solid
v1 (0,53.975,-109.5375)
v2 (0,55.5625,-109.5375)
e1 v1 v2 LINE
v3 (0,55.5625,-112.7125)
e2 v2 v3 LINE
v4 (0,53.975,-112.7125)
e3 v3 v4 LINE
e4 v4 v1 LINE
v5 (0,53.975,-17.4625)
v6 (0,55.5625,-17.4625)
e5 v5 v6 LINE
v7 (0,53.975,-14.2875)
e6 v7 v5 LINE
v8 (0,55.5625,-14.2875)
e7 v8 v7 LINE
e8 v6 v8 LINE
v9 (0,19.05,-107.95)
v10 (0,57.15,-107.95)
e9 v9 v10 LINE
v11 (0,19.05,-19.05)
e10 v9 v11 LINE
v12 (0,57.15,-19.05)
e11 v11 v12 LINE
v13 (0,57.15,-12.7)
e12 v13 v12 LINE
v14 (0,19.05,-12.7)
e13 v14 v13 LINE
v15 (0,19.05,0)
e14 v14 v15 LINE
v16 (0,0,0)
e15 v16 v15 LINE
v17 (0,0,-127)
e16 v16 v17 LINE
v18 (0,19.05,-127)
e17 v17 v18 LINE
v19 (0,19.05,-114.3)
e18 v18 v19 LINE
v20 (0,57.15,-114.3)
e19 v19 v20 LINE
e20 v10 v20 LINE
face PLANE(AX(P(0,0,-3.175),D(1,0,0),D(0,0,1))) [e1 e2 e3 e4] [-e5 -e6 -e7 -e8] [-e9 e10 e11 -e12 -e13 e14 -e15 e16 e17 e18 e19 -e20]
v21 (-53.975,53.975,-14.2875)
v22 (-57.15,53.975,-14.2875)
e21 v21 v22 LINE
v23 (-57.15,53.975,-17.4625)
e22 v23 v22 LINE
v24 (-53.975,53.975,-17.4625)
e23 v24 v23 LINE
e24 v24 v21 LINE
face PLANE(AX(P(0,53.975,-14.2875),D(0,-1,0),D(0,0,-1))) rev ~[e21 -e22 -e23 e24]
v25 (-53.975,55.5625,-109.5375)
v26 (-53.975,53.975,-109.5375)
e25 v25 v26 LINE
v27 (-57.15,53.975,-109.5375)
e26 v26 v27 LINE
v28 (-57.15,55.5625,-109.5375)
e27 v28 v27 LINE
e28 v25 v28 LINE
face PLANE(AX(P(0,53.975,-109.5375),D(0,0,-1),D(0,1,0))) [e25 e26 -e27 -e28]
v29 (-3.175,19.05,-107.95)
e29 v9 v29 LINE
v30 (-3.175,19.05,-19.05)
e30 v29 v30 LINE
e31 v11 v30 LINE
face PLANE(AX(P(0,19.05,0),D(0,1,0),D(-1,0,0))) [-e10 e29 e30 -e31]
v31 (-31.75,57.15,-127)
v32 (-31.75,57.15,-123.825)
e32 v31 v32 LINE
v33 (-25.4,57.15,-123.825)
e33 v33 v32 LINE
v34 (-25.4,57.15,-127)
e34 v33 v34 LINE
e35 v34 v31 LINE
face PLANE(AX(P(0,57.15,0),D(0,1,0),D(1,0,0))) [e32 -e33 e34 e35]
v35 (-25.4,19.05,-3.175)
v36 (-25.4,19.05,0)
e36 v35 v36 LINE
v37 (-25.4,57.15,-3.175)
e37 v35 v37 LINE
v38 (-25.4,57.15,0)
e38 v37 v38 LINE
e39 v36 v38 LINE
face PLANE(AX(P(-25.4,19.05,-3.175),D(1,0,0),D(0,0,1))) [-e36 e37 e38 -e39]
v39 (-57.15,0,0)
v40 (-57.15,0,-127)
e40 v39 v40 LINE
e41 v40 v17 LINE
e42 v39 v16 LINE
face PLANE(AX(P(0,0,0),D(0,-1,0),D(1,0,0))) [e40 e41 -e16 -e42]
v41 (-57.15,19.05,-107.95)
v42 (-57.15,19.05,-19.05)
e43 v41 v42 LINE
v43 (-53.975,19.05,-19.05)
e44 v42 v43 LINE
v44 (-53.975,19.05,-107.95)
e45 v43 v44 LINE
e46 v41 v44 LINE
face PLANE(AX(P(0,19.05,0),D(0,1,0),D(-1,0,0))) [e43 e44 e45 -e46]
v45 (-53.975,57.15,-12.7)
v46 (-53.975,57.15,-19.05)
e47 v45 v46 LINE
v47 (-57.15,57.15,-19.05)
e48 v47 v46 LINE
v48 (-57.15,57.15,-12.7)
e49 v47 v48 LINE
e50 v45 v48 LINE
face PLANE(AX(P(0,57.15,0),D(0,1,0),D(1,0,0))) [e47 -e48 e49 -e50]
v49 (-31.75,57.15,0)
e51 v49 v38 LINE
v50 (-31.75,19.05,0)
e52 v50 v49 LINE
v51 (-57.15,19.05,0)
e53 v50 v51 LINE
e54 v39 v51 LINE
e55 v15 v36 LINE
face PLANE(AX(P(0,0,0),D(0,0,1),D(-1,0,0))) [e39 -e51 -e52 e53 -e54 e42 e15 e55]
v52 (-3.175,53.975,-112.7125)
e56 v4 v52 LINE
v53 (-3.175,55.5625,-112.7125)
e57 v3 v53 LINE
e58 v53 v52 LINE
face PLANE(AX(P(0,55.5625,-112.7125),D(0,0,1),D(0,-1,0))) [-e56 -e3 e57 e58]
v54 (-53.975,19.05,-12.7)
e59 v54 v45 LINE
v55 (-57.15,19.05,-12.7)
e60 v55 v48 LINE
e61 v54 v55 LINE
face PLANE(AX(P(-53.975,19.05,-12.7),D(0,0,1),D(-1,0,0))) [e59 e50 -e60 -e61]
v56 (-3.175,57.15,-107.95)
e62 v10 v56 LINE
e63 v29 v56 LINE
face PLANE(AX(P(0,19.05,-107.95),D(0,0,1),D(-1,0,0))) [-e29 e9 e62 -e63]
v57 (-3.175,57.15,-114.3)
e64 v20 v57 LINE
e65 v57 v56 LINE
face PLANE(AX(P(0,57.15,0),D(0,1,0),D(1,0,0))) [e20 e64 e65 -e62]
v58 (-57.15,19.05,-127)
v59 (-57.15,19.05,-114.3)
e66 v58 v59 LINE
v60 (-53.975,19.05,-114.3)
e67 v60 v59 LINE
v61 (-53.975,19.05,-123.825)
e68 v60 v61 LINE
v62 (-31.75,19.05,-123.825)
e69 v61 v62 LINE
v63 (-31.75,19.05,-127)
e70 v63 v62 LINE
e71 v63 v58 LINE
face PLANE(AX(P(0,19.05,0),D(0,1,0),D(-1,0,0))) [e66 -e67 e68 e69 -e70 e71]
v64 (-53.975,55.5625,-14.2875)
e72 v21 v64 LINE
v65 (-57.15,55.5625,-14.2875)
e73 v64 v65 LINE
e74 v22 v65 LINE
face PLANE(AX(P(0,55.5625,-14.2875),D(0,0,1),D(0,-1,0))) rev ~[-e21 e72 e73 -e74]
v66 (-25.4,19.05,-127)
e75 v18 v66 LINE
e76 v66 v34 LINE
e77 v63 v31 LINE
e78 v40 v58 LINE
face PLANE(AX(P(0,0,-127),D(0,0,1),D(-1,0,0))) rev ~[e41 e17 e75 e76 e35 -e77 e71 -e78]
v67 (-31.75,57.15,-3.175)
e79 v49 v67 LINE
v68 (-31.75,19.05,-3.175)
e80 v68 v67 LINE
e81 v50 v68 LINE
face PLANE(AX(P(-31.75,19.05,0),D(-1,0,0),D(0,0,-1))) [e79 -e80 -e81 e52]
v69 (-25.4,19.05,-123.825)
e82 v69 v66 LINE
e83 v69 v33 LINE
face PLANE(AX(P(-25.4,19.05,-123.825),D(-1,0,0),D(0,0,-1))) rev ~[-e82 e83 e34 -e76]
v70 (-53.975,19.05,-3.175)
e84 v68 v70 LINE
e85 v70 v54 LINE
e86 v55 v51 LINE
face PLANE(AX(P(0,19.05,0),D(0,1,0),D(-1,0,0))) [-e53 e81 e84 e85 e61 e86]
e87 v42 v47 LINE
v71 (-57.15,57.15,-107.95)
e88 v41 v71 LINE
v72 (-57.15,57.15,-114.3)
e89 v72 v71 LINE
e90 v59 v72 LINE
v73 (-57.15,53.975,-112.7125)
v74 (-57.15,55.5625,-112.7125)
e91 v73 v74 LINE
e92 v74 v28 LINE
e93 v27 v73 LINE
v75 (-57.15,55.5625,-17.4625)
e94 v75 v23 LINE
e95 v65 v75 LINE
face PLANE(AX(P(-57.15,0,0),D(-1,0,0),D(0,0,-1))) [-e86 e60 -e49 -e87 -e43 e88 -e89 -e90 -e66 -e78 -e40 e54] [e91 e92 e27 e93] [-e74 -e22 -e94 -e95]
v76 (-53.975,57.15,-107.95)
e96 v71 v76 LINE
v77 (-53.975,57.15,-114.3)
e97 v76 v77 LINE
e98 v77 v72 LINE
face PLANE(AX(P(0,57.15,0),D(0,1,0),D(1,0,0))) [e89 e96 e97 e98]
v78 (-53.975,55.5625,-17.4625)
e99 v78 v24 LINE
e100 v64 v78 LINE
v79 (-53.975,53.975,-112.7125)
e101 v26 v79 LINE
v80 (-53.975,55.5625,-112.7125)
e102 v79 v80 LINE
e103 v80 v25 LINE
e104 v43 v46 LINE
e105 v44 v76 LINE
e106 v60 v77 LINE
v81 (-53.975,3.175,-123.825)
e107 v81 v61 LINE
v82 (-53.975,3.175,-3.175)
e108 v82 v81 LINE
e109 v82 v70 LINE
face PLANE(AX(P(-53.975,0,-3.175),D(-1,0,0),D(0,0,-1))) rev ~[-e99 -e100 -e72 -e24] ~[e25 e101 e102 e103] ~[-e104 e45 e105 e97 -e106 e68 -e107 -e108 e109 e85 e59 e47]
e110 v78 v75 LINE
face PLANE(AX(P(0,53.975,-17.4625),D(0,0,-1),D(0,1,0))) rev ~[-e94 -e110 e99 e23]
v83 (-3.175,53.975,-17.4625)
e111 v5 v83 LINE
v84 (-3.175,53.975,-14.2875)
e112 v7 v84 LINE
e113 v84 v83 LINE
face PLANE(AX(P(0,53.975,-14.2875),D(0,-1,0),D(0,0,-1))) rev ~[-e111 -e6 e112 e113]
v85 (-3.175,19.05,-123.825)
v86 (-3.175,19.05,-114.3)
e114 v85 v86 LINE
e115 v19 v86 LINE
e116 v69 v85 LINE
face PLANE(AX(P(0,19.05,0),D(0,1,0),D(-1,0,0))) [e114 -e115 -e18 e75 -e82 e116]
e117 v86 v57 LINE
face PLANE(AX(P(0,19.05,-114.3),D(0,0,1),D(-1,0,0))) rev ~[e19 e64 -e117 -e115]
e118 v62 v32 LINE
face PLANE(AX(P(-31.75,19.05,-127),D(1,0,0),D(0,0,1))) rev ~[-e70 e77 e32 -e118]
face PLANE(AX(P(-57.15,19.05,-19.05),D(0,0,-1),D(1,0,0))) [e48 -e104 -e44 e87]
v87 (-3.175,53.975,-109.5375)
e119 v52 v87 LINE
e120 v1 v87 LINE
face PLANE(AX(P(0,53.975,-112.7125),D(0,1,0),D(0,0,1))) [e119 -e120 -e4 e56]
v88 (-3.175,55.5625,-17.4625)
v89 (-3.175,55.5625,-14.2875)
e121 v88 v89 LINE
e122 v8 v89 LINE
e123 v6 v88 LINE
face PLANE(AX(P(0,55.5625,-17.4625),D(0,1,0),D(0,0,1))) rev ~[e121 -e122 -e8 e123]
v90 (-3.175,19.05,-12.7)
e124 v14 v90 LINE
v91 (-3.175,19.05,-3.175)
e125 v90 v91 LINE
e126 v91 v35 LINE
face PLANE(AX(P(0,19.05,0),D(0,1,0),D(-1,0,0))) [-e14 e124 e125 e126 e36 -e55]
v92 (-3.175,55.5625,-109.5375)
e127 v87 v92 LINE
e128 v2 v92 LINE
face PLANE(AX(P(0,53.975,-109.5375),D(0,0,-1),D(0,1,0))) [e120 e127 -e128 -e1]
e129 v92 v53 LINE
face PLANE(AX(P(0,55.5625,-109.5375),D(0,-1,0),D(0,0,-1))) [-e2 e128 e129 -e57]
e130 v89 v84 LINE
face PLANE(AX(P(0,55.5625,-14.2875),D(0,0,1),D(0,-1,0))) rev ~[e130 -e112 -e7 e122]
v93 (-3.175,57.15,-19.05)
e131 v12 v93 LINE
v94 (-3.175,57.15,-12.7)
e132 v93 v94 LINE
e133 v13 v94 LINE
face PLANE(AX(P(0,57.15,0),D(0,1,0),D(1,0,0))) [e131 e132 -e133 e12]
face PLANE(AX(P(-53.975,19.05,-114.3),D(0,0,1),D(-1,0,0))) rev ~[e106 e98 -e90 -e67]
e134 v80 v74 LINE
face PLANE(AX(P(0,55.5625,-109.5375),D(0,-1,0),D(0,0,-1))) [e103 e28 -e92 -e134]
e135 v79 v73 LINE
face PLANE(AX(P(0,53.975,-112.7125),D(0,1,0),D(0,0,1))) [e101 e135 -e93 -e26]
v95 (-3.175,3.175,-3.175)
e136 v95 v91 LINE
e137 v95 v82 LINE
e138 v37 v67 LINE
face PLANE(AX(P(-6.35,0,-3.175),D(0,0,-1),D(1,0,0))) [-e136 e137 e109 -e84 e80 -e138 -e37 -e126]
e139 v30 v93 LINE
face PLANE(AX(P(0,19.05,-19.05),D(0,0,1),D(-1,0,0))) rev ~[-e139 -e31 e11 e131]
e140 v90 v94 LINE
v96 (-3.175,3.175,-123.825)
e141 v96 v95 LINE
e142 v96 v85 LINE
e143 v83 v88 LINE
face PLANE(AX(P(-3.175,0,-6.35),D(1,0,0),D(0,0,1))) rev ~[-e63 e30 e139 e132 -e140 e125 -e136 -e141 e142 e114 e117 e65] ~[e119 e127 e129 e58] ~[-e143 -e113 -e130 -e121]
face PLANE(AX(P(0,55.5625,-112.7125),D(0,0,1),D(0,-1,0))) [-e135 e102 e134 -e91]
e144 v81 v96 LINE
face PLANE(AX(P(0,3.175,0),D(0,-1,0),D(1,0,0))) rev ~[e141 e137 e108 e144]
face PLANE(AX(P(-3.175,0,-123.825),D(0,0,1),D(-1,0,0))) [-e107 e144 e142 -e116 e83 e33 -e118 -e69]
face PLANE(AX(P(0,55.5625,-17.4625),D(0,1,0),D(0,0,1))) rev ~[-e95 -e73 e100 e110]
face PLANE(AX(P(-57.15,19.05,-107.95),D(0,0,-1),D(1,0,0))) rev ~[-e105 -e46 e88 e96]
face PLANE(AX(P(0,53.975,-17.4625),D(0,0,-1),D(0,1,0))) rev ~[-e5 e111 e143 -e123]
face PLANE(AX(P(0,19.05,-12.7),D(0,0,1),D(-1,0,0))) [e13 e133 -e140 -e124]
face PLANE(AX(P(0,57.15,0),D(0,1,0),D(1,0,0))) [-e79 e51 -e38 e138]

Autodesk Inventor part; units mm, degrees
ref_plane "YZ Plane" through (0, 0, 0) normal (1, 0, 0) x (0, 1, 0)
ref_plane "XZ Plane" through (0, 0, 0) normal (0, 1, 0) x (-1, 0, 0)
ref_plane "XY Plane" through (0, 0, 0) normal (0, 0, 1) x (1, 0, 0)
sketch "Sketch1" plane through (0, 0, 0) normal (0, 1, 0) x (-1, 0, 0)
  line L0 (0, 0) -> (3.175, 0)
  line L1 (3.175, 0) -> (3.175, -3.175)
  line L2 (3.175, -3.175) -> (0, -3.175)
  line L3 (0, -3.175) -> (0, 0)
  line L4 (0, 0) -> (6.35, 0)
  line L5 (0, -6.35) -> (0, 0)
  line L6 (3.175, 0) -> (50.8, 0)
  line L7 (50.8, 0) -> (50.8, -3.175)
  line L8 (50.8, -3.175) -> (3.175, -3.175)
  line L9 (3.175, -3.175) -> (3.175, 0)
  line L10 (50.8, 0) -> (57.15, 0)
  line L11 (57.15, 0) -> (57.15, -6.35)
  line L12 (57.15, 0) -> (53.975, 0)
  line L13 (53.975, 0) -> (53.975, -3.175)
  line L14 (53.975, -3.175) -> (57.15, -3.175)
  line L15 (57.15, -3.175) -> (57.15, 0)
  line L16 (53.975, -120.65) -> (53.975, -123.825)
  line L17 (53.975, -123.825) -> (50.8, -123.825)
  line L18 (57.15, -120.65) -> (57.15, -127)
  line L19 (57.15, -127) -> (50.8, -127)
  line L20 (3.175, -120.65) -> (3.175, -123.825)
  line L21 (3.175, -123.825) -> (6.35, -123.825)
  line L22 (0, -120.65) -> (0, -127)
  line L23 (0, -127) -> (6.35, -127)
  line L24 (53.975, -127) -> (57.15, -127)
  line L25 (57.15, -127) -> (57.15, 0)
  line L26 (57.15, 0) -> (53.975, 0)
  line L27 (53.975, 0) -> (53.975, -127)
  line L28 (50.8, -3.175) -> (57.15, -3.175)
  line L29 (57.15, -3.175) -> (57.15, 0)
  line L30 (57.15, 0) -> (50.8, 0)
  line L31 (50.8, 0) -> (50.8, -3.175)
  line L32 (50.8, -127) -> (6.35, -127)
  line L33 (6.35, -127) -> (6.35, -123.825)
  line L34 (6.35, -123.825) -> (50.8, -123.825)
  line L35 (50.8, -123.825) -> (50.8, -127)
  line L36 (0, -120.65) -> (3.175, -120.65)
  line L37 (3.175, -120.65) -> (3.175, -6.35)
  line L38 (3.175, -6.35) -> (0, -6.35)
  line L39 (0, -6.35) -> (0, -120.65)
  line L40 (3.175, -6.35) -> (3.175, -3.175)
  line L41 (3.175, -3.175) -> (6.35, -3.175)
  line L42 (53.975, -123.825) -> (57.15, -123.825)
  line L43 (57.15, -123.825) -> (57.15, -120.65)
  line L44 (57.15, -120.65) -> (53.975, -120.65)
  line L45 (53.975, -120.65) -> (53.975, -123.825)
  line L46 (0, -127) -> (3.175, -127)
  line L47 (3.175, -127) -> (3.175, -123.825)
  line L48 (3.175, -123.825) -> (0, -123.825)
  line L49 (0, -123.825) -> (0, -127)
  line L50 (3.175, -3.175) -> (6.35, -3.175)
  line L51 (6.35, -3.175) -> (6.35, 0)
  line L52 (6.35, 0) -> (3.175, 0)
  line L53 (3.175, 0) -> (3.175, -3.175)
  line L54 (57.15, -3.175) -> (53.975, -3.175)
  line L55 (53.975, -3.175) -> (53.975, -6.35)
  line L56 (53.975, -6.35) -> (57.15, -6.35)
  line L57 (57.15, -6.35) -> (57.15, -3.175)
  line L58 (57.15, -6.35) -> (53.975, -6.35)
  line L59 (53.975, -6.35) -> (53.975, -120.65)
  line L60 (53.975, -120.65) -> (57.15, -120.65)
  line L61 (57.15, -120.65) -> (57.15, -6.35)
  line L62 (3.175, -3.175) -> (0, -3.175)
  line L63 (0, -3.175) -> (0, -6.35)
  line L64 (0, -6.35) -> (3.175, -6.35)
  line L65 (3.175, -6.35) -> (3.175, -3.175)
  line L66 (3.175, -123.825) -> (0, -123.825)
  line L67 (0, -123.825) -> (0, -120.65)
  line L68 (0, -120.65) -> (3.175, -120.65)
  line L69 (3.175, -120.65) -> (3.175, -123.825)
  line L70 (3.175, -123.825) -> (6.35, -123.825)
  line L71 (6.35, -123.825) -> (6.35, -127)
  line L72 (6.35, -127) -> (3.175, -127)
  line L73 (3.175, -127) -> (3.175, -123.825)
  line L74 (53.975, -123.825) -> (50.8, -123.825)
  line L75 (50.8, -123.825) -> (50.8, -127)
  line L76 (50.8, -127) -> (53.975, -127)
  line L77 (53.975, -127) -> (53.975, -123.825)
  line L78 (57.15, -120.65) -> (53.975, -120.65)
  line L79 (53.975, -120.65) -> (53.975, -123.825)
  line L80 (53.975, -123.825) -> (57.15, -123.825)
  line L81 (57.15, -123.825) -> (57.15, -120.65)
  dimension "d2" = 3.175
  dimension "d3" = 3.175
  dimension "d7" = 6.35
  dimension "d8" = 3.175
  dimension "d9" = 3.175
  dimension "d10" = 3.175
  dimension "d11" = 3.175
  dimension "d12" = 6.35
  dimension "d13" = 6.35
  dimension "d14" = 3.175
  dimension "d15" = 3.175
  dimension "d16" = 6.35
  dimension "d17" = 6.35
  dimension "d18" = 3.175
extrude "Extrusion1" add sketch "Sketch1" along normal blind 19.05 contours L0 L1 L2 L3 | L4 L51 L8 L1 | L2 L40 L38 L5 | L6 L7 L8 L51 | L38 L37 L36 L39 | L10 L13 L28 L7 | L36 L20 L48 L22 | L10 L11 L14 L13 | L48 L47 L23 L22 | L14 L11 L56 L27 | L21 L33 L23 L47 | L56 L25 L44 L27 | L34 L35 L32 L33 | L44 L18 L42 L16 | L17 L27 L19 L35 | L42 L18 L19 L27
sketch "Sketch2" plane through (0, 0, 0) normal (0, -1, 0) x (1, 0, 0)
  line L0 (-3.175, -3.175) -> (-53.975, -3.175) projected
  line L1 (-53.975, -123.825) -> (-3.175, -123.825)
  line L2 (-3.175, -123.825) -> (-3.175, -3.175)
  line L3 (-3.175, -3.175) -> (-53.975, -3.175)
  line L4 (-53.975, -3.175) -> (-53.975, -123.825)
  point P0 (0, 0)
extrude "Extrusion2" add sketch "Sketch2" against normal blind 3.175
sketch "Sketch3" plane through (0, 19.05, 0) normal (0, 1, 0) x (1, 0, 0)
  line L0 (0, 127) -> (-57.15, 127) projected
  line L1 (-57.15, 0) -> (0, 0) projected
  line L2 (-3.175, 123.825) -> (-53.975, 123.825) projected
  line L3 (-57.15, 127) -> (-57.15, 0) projected
  line L4 (-3.175, 3.175) -> (-53.975, 3.175) projected
  line L5 (-3.175, 123.825) -> (-3.175, 3.175) projected
  line L6 (-53.975, 3.175) -> (-53.975, 123.825) projected
  line L7 (0, 0) -> (0, 127) projected
  line L8 (0, 114.3) -> (-3.175, 114.3)
  line L9 (-3.175, 114.3) -> (0, 114.3)
  line L10 (0, 114.3) -> (0, 107.95)
  line L11 (0, 107.95) -> (-3.175, 107.95)
  line L12 (-3.175, 107.95) -> (-3.175, 114.3)
  line L13 (0, 0) -> (0, 12.7)
  line L14 (0, 12.7) -> (-3.175, 12.7)
  line L15 (-3.175, 12.7) -> (0, 12.7)
  line L16 (0, 12.7) -> (0, 19.05)
  line L17 (0, 19.05) -> (-3.175, 19.05)
  line L18 (-3.175, 19.05) -> (-3.175, 12.7)
  line L19 (-53.975, 12.7) -> (-57.15, 12.7)
  line L20 (-57.15, 12.7) -> (-57.15, 19.05)
  line L21 (-57.15, 19.05) -> (-53.975, 19.05)
  line L22 (-53.975, 19.05) -> (-53.975, 12.7)
  line L23 (-53.975, 114.3) -> (-57.15, 114.3)
  line L24 (-57.15, 114.3) -> (-57.15, 107.95)
  line L25 (-57.15, 107.95) -> (-53.975, 107.95)
  line L26 (-53.975, 107.95) -> (-53.975, 114.3)
  line L27 (-31.75, 123.825) -> (-25.4, 123.825)
  line L28 (-25.4, 123.825) -> (-25.4, 127)
  line L29 (-25.4, 127) -> (-31.75, 127)
  line L30 (-31.75, 127) -> (-31.75, 123.825)
  line L31 (-31.75, 123.825) -> (-25.4, 127) construction
  line L32 (-25.4, 123.825) -> (-31.75, 127) construction
  line L33 (-31.75, 3.175) -> (-25.4, 3.175)
  line L34 (-25.4, 3.175) -> (-25.4, 0)
  line L35 (-25.4, 0) -> (-31.75, 0)
  line L36 (-31.75, 0) -> (-31.75, 3.175)
  line L37 (-31.75, 3.175) -> (-25.4, 0) construction
  line L38 (-25.4, 3.175) -> (-31.75, 0) construction
  point P0 (-28.575, 125.4125)
  point P1 (-28.575, 1.5875)
  dimension "d23" = 127
  dimension "d24" = 57.15
  dimension "d45" = 6.35
  dimension "d46" = 3.175
  dimension "d49" = 3.175
  dimension "d50" = 6.35
  dimension "d51" = 6.35
  dimension "d52" = 6.35
  dimension "d53" = 6.35
  dimension "d54" = 3.175
  dimension "d55" = 0
  dimension "d56" = 28.575
  dimension "d57" = 6.35
  dimension "d58" = 3.175
  dimension "d59" = 0
  dimension "d60" = 28.575
  dimension "d71" = 12.7
  dimension "d72" = 12.7
  dimension "d73" = 12.7
  dimension "d74" = 12.7
extrude "Extrusion3" add sketch "Sketch3" along normal blind 38.1 contours L28 L2 L30 L0 | L7 L11 L5 L8 | L7 L14 L5 L17 | L23 L6 L25 L3 | L21 L6 L19 L3 | L1 L36 L4 L34
sketch "Sketch5" plane through (0, 0, 0) normal (1, 0, 0) x (0, 0, -1)
  line L0 (114.3, 19.05) -> (114.3, 57.15) projected
  line L1 (107.95, 19.05) -> (107.95, 57.15) projected
  line L2 (109.5375, 55.5625) -> (112.7125, 55.5625)
  line L3 (112.7125, 55.5625) -> (112.7125, 53.975)
  line L4 (112.7125, 53.975) -> (109.5375, 53.975)
  line L5 (109.5375, 53.975) -> (109.5375, 55.5625)
  line L6 (107.95, 57.15) -> (114.3, 57.15) projected
  line L7 (14.2875, 53.975) -> (17.4625, 53.975)
  line L8 (17.4625, 53.975) -> (17.4625, 55.5625)
  line L9 (17.4625, 55.5625) -> (14.2875, 55.5625)
  line L10 (14.2875, 55.5625) -> (14.2875, 53.975)
  line L11 (12.7, 19.05) -> (12.7, 57.15) projected
  line L12 (12.7, 57.15) -> (19.05, 57.15) projected
  point P0 (0, 0)
  dimension "d61" = 6.35
  dimension "d62" = 3.175
  dimension "d63" = 1.5875
  dimension "d64" = 1.5875
  dimension "d66" = 1.5875
  dimension "d67" = 3.175
  dimension "d68" = 1.5875
  dimension "d88" = 1.5875
  dimension "d89" = 1.5875
extrude "Extrusion4" cut sketch "Sketch5" against normal blind 25374.6
